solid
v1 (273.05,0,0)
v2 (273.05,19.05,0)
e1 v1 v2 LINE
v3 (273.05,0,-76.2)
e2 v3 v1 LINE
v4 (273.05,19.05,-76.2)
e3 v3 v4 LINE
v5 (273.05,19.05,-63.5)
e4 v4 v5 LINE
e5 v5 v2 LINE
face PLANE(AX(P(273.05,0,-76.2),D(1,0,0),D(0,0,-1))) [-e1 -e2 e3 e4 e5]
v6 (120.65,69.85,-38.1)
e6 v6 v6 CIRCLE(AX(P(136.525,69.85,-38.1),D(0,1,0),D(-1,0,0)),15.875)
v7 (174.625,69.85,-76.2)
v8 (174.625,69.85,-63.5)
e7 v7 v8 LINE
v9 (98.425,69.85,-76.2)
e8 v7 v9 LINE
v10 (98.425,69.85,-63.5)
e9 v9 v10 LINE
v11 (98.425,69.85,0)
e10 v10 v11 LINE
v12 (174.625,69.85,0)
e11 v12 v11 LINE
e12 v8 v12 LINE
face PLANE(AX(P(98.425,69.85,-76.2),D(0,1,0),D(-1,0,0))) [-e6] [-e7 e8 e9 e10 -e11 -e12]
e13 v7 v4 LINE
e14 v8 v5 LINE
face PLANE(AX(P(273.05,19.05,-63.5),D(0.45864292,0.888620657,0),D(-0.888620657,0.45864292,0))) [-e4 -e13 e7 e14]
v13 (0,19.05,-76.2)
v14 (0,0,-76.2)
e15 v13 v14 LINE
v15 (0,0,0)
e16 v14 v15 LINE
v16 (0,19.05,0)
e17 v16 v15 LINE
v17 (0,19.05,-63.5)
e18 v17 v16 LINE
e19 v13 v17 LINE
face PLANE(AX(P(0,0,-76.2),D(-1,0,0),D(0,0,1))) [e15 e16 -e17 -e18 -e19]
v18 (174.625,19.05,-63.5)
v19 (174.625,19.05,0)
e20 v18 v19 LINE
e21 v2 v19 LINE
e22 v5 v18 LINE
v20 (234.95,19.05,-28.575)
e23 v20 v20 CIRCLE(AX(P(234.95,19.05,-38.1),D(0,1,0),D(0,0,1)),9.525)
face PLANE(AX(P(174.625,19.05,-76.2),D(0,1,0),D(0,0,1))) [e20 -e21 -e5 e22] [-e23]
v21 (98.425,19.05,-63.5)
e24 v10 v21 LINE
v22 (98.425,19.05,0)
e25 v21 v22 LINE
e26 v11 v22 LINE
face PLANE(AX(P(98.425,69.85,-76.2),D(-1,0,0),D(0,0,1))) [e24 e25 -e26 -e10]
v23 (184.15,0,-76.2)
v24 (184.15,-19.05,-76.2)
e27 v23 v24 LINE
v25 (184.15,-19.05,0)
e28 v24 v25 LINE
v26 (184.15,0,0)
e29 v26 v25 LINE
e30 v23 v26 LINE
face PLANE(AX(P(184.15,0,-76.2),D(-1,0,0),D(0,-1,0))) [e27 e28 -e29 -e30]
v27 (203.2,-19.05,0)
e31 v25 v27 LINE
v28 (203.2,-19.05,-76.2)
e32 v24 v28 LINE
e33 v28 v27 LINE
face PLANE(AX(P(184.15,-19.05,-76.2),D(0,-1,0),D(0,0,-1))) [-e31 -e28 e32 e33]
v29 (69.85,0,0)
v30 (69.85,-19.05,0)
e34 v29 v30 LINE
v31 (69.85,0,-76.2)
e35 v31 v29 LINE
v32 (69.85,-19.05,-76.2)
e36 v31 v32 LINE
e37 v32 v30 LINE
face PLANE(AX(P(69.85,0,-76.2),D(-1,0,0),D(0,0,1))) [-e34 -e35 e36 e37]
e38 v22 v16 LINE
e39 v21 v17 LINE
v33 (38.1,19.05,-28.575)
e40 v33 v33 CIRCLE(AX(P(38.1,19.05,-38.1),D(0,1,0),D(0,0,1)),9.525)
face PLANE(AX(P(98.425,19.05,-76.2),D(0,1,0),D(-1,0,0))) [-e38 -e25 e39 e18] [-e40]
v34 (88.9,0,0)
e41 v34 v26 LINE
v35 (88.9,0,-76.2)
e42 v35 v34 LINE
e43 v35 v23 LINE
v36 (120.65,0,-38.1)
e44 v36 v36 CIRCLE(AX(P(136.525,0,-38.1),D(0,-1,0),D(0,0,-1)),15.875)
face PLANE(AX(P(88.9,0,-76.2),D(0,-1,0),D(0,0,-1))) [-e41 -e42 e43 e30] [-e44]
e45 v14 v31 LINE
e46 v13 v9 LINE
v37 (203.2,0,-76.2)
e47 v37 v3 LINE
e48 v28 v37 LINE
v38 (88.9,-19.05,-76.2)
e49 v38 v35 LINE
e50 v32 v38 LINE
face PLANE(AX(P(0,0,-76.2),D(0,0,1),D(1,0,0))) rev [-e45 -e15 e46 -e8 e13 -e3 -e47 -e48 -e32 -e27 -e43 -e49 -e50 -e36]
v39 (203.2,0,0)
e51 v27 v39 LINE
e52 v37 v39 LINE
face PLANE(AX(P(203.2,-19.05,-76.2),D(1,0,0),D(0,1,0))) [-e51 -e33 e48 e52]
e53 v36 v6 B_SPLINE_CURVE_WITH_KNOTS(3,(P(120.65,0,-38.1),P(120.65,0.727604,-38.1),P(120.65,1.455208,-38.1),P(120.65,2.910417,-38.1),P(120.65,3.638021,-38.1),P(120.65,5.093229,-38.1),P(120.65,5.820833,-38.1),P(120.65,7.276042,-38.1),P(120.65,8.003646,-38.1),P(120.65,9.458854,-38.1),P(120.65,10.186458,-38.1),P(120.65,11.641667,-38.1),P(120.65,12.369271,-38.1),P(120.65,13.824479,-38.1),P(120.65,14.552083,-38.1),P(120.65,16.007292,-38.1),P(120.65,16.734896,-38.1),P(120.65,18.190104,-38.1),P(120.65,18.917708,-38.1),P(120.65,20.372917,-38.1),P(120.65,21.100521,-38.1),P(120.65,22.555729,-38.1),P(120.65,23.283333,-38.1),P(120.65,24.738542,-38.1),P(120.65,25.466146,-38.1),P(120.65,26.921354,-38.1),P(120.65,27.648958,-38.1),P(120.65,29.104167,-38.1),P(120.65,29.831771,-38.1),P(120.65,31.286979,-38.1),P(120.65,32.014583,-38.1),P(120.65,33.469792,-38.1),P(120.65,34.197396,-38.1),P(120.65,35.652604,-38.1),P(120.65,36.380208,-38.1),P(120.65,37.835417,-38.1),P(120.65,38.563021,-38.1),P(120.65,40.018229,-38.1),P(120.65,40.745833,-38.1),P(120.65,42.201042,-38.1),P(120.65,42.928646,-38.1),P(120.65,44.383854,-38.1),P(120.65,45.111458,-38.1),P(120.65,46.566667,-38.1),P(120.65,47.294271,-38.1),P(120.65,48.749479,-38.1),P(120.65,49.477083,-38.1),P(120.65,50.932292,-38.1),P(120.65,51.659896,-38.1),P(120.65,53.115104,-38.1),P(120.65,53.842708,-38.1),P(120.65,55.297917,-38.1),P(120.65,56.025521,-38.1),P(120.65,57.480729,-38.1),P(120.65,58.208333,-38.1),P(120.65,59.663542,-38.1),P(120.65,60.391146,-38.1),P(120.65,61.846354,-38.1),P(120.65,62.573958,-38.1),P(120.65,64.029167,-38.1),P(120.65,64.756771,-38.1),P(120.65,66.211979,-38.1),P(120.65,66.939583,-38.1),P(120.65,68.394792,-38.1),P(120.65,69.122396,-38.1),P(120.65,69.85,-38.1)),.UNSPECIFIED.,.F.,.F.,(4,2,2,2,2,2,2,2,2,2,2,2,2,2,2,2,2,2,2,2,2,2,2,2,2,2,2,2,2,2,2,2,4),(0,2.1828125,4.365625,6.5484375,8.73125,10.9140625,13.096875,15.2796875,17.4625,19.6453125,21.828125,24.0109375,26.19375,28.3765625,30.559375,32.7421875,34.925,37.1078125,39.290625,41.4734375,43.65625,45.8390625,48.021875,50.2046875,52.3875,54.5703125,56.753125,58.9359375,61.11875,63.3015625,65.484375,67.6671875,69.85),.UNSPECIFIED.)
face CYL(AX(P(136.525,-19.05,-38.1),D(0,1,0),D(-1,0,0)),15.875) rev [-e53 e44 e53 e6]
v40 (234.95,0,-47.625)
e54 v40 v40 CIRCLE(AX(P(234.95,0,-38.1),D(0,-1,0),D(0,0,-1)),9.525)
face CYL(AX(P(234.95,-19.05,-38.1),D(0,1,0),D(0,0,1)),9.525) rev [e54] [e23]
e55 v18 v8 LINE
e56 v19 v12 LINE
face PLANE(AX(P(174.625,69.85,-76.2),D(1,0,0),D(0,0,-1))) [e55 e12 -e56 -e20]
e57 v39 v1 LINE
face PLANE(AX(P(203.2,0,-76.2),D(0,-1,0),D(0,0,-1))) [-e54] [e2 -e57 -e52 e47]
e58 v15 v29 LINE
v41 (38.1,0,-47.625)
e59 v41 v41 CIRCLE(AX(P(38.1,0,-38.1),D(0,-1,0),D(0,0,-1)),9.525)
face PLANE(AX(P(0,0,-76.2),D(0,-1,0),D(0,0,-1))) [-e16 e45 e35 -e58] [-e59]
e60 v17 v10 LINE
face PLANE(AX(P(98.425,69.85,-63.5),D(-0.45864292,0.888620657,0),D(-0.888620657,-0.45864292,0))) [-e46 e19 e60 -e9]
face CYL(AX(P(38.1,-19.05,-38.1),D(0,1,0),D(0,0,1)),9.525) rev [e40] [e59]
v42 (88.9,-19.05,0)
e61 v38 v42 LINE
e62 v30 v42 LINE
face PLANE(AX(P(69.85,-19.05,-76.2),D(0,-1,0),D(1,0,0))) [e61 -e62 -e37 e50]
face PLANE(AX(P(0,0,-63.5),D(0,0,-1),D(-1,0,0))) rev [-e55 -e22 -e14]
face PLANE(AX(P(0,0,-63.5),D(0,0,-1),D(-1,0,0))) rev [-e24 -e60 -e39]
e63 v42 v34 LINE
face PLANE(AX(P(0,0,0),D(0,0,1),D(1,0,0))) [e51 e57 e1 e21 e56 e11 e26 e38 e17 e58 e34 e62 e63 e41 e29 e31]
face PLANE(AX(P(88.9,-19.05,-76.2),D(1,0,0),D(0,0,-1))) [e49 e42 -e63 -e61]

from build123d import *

# Parameters (mm, degrees)
BOSS_EXTRUDE1_DEPTH = 76.2
BOSS_EXTRUDE2_DEPTH = 12.7
SKETCH3_R           = 15.875
CUT_EXTRUDE1_DEPTH  = 298.095864158
SKETCH4_R           = 9.525
CUT_EXTRUDE2_DEPTH  = 288.998927949


with BuildPart() as part:
    # Sketch1 → Boss-Extrude1 (new body)
    with BuildSketch(Plane.XY):
        Polygon((0, 0), (69.85, 0), (69.85, -19.05), (88.9, -19.05), (88.9, 0), (184.15, 0), (184.15, -19.05), (203.2, -19.05), (203.2, 0), (273.05, 0), (273.05, 19.05), (174.625, 19.05), (174.625, 69.85), (98.425, 69.85), (98.425, 19.05), (0, 19.05), align=None)
    extrude(amount=-BOSS_EXTRUDE1_DEPTH)

    # Sketch2 → Boss-Extrude2 (add)
    with BuildSketch(Plane(origin=(0, 0, -76.2), x_dir=(-1, 0, 0), z_dir=(0, 0, -1))):
        Polygon((-98.425, 69.85), (0, 19.05), (-98.425, 19.05), align=None)
        Polygon((-273.05, 19.05), (-174.625, 69.85), (-174.625, 19.05), align=None)
    extrude(amount=-BOSS_EXTRUDE2_DEPTH)

    # Sketch3 → Cut-Extrude1 (cut, through all)
    with BuildSketch(Plane(origin=(0, 69.85, 0), x_dir=(1, 0, 0), z_dir=(0, 1, 0))):
        with Locations(Location((136.525, 38.1, 0), (0, 0, 180))):
            Circle(SKETCH3_R)
    extrude(amount=-CUT_EXTRUDE1_DEPTH, mode=Mode.SUBTRACT)

    # Sketch4 → Cut-Extrude2 (cut, through all)
    with BuildSketch(Plane(origin=(0, 19.05, 0), x_dir=(1, 0, 0), z_dir=(0, 1, 0))):
        with Locations(Location((234.95, 38.1, 0), (0, 0, 270))):
            Circle(SKETCH4_R)
        with Locations(Location((38.1, 38.1, 0), (0, 0, 270))):
            Circle(SKETCH4_R)
    extrude(amount=-CUT_EXTRUDE2_DEPTH, mode=Mode.SUBTRACT)


solid = part.part
